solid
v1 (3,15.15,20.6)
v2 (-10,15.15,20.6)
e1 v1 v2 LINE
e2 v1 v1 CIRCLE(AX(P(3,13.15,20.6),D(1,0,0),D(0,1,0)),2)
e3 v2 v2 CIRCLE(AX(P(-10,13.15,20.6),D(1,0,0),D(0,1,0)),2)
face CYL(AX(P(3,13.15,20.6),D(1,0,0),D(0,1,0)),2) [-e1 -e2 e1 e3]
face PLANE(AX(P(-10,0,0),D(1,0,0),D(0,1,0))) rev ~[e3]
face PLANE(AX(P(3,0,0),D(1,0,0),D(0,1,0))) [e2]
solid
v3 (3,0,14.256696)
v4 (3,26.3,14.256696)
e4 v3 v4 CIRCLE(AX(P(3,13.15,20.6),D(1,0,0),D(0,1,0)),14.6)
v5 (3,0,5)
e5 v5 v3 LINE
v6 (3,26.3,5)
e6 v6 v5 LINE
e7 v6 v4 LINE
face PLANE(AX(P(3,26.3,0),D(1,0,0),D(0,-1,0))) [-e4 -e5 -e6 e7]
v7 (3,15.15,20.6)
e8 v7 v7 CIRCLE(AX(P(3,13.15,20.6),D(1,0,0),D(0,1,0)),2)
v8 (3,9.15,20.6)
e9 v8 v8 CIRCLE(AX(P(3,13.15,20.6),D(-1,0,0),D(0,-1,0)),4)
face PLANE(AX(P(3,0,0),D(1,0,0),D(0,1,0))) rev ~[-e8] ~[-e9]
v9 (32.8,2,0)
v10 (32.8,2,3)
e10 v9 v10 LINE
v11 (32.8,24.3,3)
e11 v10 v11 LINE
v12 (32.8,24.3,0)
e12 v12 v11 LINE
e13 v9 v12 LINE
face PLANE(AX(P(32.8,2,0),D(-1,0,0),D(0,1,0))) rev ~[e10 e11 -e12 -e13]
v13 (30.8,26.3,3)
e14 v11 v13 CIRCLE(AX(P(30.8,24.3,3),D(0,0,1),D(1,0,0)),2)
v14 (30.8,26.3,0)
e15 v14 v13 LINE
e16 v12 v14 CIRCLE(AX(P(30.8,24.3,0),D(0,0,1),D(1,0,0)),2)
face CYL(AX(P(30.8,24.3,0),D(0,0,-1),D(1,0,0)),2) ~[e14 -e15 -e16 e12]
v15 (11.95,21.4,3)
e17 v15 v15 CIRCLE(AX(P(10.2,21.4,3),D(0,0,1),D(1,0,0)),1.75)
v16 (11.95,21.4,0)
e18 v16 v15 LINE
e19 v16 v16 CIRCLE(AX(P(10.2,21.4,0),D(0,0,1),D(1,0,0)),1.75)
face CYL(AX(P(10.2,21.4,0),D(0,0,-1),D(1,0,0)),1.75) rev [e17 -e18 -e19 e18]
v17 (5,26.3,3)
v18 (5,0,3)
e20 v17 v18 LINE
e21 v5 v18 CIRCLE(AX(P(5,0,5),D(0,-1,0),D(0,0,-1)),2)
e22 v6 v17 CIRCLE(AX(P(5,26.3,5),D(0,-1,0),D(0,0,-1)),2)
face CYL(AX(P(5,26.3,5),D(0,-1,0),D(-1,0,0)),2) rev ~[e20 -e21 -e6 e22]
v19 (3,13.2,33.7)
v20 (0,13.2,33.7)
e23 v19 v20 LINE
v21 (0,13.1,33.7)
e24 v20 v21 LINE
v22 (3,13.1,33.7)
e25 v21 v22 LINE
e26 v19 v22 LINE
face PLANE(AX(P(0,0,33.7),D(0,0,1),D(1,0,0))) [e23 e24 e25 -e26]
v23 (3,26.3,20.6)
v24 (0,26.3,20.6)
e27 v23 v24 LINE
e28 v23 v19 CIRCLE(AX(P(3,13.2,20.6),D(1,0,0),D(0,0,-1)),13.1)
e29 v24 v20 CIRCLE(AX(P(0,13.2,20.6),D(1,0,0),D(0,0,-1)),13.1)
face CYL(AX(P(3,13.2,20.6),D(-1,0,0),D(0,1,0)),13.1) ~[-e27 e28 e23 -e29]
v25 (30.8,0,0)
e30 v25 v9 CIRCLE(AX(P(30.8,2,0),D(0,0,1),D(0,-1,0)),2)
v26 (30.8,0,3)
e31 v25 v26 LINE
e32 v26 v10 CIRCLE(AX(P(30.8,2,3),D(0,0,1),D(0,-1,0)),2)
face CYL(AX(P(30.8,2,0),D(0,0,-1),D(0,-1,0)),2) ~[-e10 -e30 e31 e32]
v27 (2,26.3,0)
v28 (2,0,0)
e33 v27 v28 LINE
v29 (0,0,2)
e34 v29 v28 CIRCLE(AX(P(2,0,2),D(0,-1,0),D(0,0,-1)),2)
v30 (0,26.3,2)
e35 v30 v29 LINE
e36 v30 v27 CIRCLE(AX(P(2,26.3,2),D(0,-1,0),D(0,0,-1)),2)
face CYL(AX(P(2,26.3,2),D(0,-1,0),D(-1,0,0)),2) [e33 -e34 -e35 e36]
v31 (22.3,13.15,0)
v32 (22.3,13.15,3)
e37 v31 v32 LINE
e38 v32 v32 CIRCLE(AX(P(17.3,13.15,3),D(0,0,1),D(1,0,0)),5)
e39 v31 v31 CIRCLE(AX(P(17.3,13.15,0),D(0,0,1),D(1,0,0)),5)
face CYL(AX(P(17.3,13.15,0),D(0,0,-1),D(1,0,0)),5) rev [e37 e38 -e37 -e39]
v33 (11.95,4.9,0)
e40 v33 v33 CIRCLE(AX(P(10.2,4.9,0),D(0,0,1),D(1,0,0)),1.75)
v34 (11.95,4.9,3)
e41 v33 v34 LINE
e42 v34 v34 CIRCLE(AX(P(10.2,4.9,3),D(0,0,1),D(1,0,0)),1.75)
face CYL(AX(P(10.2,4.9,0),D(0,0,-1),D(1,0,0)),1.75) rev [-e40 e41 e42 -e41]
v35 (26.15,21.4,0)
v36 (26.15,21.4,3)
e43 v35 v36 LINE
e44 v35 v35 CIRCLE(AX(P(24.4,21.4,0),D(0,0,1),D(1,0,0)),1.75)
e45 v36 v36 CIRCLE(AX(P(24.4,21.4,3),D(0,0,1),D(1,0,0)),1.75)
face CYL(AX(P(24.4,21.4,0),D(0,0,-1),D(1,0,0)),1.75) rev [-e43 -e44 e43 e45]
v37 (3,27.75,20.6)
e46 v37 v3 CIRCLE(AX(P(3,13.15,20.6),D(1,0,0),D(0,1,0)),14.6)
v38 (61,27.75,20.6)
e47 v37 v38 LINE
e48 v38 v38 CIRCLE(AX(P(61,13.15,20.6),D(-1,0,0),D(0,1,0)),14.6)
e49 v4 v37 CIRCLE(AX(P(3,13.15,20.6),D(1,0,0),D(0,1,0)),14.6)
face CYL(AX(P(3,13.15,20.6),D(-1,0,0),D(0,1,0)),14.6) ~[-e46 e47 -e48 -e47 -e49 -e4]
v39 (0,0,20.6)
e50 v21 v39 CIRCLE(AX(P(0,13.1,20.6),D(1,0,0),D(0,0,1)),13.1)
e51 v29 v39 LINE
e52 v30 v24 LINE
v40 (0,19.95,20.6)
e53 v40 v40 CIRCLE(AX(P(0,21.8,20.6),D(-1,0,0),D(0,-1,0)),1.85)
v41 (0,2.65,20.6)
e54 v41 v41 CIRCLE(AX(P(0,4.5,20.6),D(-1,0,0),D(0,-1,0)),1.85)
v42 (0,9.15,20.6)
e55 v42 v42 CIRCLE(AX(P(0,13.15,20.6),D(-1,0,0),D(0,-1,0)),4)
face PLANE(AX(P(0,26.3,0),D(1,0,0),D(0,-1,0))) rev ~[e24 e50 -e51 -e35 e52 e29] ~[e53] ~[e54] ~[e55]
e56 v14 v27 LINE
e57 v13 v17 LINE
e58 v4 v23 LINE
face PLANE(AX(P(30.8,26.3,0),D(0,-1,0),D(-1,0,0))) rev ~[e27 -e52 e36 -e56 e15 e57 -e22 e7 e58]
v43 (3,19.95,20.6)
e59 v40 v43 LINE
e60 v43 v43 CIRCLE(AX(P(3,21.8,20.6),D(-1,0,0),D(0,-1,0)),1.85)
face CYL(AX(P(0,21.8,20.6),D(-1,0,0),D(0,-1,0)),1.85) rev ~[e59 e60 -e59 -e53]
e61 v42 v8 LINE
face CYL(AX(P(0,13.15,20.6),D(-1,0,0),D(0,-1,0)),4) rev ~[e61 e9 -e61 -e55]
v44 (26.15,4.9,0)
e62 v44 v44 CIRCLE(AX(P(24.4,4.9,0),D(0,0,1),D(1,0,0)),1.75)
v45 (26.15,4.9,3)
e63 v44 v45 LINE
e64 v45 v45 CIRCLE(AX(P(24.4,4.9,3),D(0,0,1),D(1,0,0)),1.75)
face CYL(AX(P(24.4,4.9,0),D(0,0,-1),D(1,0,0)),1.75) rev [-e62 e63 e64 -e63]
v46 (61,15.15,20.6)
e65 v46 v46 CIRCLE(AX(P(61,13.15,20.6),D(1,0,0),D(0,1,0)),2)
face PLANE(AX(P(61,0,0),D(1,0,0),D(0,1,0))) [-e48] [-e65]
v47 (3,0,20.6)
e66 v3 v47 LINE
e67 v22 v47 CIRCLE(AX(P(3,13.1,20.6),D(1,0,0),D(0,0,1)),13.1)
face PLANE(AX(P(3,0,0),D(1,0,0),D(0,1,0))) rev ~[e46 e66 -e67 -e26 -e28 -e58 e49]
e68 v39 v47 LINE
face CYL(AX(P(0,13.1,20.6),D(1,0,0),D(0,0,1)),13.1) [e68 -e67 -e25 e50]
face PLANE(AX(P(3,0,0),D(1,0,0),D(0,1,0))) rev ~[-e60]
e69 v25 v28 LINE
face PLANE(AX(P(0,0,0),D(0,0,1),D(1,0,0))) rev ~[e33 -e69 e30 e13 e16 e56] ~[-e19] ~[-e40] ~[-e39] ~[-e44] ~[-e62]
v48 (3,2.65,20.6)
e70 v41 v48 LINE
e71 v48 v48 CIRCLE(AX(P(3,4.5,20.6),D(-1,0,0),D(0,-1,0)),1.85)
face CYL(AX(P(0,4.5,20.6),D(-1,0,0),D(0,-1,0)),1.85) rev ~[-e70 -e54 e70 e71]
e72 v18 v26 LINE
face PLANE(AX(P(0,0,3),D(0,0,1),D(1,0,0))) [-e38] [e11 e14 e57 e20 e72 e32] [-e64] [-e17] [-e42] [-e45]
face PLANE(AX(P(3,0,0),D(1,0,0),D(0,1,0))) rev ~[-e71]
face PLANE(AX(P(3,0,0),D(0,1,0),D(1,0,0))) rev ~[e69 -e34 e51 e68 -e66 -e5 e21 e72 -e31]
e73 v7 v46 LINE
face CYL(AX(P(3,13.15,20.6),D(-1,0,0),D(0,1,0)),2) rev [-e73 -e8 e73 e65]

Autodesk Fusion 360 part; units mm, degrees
sketch "Sketch1" plane through (0, 0, 0) normal (0, 0, 1) x (1, 0, 0)
  line L0 (0, 0) -> (30.8, 0)
  line L1 (32.8, 2) -> (32.8, 24.3)
  line L2 (30.8, 26.3) -> (0, 26.3)
  line L3 (0, 26.3) -> (0, 0)
  line L4 (3, 26.3) -> (3, 0)
  circle A0 centre (10.2, 21.4) radius 1.75
  circle A1 centre (24.4, 21.4) radius 1.75
  circle A2 centre (10.2, 4.9) radius 1.75
  circle A3 centre (24.4, 4.9) radius 1.75
  circle A4 centre (17.3, 13.15) radius 5
  line L5 (10.2, 4.9) -> (10.2, 21.4) construction
  line L6 (10.2, 21.4) -> (24.4, 21.4) construction
  line L7 (24.4, 21.4) -> (24.4, 4.9) construction
  line L8 (24.4, 4.9) -> (10.2, 4.9) construction
  arc A5 (32.8, 24.3) -> (30.8, 26.3) centre (30.8, 24.3) ccw
  arc A6 (30.8, 0) -> (32.8, 2) centre (30.8, 2) ccw
  line L9 (3, 13.15) -> (32.8, 13.15) construction
  point P0 (32.8, 0)
  point P1 (10.2, 13.15)
  point P2 (17.3, 21.4)
  point P3 (24.4, 13.15)
  point P4 (17.3, 4.9)
  dimension "d1" = 32.8
  dimension "d2" = 26.3
  dimension "d3" = 3
  dimension "d4" = 3.5
  dimension "d7" = 14.2
  dimension "d8" = -16.5
  dimension "d9" = 10
  dimension "d10" = 15.5
  dimension "d11" = 2
extrude "Extrude1" add sketch "Sketch1" along normal blind 3 contours L0 L1 L2 L4 A5 A6 makes body 1
extrude "Extrude2" add sketch "Sketch1" along normal blind 33.7 contours L0 L2 L3 L4 bodies 1
fillet "Fillet1" radius 13.1 2 edges at (1.5, 0, 33.7) (1.5, 26.3, 33.7) on bodies 1
sketch "Sketch2" plane through (0, 0, 0) normal (-1, 0, 0) x (0, -1, 0)
  arc A0 (-13.2, 33.7) -> (-26.3, 20.6) centre (-13.2, 20.6) ccw
  line L0 (-26.3, 20.6) -> (-26.3, 0)
  line L1 (-26.3, 0) -> (0, 0)
  line L2 (0, 0) -> (0, 20.6)
  arc A1 (0, 20.6) -> (-13.1, 33.7) centre (-13.1, 20.6) ccw
  line L3 (-13.1, 33.7) -> (-13.2, 33.7)
  line L4 (-26.3, 20.6) -> (0, 20.6) construction
  circle A2 centre (-13.15, 20.6) radius 4
  circle A3 centre (-21.8, 20.6) radius 1.85
  line L5 (-13.15, 0) -> (-13.15, 33.7) construction
  circle A4 centre (-4.5, 20.6) radius 1.85
  point P0 (-13.15, 20.6)
  dimension "d18" = 8
  dimension "d19" = 3.7
  dimension "d20" = 8.65
extrude "Extrude3" cut sketch "Sketch2" against normal blind 6 contours A2 | A3 | A4 bodies 1
fillet "Fillet2" radius 2 2 edges at (3, 13.15, 3) (0, 13.15, 0) on bodies 1
sketch "Sketch3" plane through (3, 0, 0) normal (1, 0, 0) x (0, 1, 0)
  line L0 (0, 5) -> (26.3, 5)
  line L1 (26.3, 5) -> (26.3, 20.6)
  arc A0 (26.3, 20.6) -> (13.2, 33.7) centre (13.2, 20.6) ccw
  line L2 (13.2, 33.7) -> (13.1, 33.7)
  arc A1 (13.1, 33.7) -> (0, 20.6) centre (13.1, 20.6) ccw
  line L3 (0, 20.6) -> (0, 5)
  circle A2 centre (4.5, 20.6) radius 1.85
  circle A3 centre (13.15, 20.6) radius 4
  circle A4 centre (21.8, 20.6) radius 1.85
  circle A5 centre (13.15, 20.6) radius 14.6
  circle A6 centre (13.15, 20.6) radius 2
  dimension "d25" = 29.2
  dimension "d26" = 4
extrude "Extrude4" add sketch "Sketch3" along normal blind 58 contours L1 A0 L2 A1 L3 A5 | L1 A0 L2 A1 L3 A5 | A2 | A3 | A4 bodies 1
extrude "Extrude5" add sketch "Sketch3" against normal blind 13 separate body contours A6 makes body 2
equation "d7 = 17.7 mm - 3.5 mm"
equation "d8 = -( 20 mm - 3.5 mm )"
equation "d10 = 10.5 mm + 5 mm"
equation "d20 = 2.8 mm + ( ( 3.7 / 2 ) * 1 mm ) + ( ( 8 / 2 ) * 1 mm )"
